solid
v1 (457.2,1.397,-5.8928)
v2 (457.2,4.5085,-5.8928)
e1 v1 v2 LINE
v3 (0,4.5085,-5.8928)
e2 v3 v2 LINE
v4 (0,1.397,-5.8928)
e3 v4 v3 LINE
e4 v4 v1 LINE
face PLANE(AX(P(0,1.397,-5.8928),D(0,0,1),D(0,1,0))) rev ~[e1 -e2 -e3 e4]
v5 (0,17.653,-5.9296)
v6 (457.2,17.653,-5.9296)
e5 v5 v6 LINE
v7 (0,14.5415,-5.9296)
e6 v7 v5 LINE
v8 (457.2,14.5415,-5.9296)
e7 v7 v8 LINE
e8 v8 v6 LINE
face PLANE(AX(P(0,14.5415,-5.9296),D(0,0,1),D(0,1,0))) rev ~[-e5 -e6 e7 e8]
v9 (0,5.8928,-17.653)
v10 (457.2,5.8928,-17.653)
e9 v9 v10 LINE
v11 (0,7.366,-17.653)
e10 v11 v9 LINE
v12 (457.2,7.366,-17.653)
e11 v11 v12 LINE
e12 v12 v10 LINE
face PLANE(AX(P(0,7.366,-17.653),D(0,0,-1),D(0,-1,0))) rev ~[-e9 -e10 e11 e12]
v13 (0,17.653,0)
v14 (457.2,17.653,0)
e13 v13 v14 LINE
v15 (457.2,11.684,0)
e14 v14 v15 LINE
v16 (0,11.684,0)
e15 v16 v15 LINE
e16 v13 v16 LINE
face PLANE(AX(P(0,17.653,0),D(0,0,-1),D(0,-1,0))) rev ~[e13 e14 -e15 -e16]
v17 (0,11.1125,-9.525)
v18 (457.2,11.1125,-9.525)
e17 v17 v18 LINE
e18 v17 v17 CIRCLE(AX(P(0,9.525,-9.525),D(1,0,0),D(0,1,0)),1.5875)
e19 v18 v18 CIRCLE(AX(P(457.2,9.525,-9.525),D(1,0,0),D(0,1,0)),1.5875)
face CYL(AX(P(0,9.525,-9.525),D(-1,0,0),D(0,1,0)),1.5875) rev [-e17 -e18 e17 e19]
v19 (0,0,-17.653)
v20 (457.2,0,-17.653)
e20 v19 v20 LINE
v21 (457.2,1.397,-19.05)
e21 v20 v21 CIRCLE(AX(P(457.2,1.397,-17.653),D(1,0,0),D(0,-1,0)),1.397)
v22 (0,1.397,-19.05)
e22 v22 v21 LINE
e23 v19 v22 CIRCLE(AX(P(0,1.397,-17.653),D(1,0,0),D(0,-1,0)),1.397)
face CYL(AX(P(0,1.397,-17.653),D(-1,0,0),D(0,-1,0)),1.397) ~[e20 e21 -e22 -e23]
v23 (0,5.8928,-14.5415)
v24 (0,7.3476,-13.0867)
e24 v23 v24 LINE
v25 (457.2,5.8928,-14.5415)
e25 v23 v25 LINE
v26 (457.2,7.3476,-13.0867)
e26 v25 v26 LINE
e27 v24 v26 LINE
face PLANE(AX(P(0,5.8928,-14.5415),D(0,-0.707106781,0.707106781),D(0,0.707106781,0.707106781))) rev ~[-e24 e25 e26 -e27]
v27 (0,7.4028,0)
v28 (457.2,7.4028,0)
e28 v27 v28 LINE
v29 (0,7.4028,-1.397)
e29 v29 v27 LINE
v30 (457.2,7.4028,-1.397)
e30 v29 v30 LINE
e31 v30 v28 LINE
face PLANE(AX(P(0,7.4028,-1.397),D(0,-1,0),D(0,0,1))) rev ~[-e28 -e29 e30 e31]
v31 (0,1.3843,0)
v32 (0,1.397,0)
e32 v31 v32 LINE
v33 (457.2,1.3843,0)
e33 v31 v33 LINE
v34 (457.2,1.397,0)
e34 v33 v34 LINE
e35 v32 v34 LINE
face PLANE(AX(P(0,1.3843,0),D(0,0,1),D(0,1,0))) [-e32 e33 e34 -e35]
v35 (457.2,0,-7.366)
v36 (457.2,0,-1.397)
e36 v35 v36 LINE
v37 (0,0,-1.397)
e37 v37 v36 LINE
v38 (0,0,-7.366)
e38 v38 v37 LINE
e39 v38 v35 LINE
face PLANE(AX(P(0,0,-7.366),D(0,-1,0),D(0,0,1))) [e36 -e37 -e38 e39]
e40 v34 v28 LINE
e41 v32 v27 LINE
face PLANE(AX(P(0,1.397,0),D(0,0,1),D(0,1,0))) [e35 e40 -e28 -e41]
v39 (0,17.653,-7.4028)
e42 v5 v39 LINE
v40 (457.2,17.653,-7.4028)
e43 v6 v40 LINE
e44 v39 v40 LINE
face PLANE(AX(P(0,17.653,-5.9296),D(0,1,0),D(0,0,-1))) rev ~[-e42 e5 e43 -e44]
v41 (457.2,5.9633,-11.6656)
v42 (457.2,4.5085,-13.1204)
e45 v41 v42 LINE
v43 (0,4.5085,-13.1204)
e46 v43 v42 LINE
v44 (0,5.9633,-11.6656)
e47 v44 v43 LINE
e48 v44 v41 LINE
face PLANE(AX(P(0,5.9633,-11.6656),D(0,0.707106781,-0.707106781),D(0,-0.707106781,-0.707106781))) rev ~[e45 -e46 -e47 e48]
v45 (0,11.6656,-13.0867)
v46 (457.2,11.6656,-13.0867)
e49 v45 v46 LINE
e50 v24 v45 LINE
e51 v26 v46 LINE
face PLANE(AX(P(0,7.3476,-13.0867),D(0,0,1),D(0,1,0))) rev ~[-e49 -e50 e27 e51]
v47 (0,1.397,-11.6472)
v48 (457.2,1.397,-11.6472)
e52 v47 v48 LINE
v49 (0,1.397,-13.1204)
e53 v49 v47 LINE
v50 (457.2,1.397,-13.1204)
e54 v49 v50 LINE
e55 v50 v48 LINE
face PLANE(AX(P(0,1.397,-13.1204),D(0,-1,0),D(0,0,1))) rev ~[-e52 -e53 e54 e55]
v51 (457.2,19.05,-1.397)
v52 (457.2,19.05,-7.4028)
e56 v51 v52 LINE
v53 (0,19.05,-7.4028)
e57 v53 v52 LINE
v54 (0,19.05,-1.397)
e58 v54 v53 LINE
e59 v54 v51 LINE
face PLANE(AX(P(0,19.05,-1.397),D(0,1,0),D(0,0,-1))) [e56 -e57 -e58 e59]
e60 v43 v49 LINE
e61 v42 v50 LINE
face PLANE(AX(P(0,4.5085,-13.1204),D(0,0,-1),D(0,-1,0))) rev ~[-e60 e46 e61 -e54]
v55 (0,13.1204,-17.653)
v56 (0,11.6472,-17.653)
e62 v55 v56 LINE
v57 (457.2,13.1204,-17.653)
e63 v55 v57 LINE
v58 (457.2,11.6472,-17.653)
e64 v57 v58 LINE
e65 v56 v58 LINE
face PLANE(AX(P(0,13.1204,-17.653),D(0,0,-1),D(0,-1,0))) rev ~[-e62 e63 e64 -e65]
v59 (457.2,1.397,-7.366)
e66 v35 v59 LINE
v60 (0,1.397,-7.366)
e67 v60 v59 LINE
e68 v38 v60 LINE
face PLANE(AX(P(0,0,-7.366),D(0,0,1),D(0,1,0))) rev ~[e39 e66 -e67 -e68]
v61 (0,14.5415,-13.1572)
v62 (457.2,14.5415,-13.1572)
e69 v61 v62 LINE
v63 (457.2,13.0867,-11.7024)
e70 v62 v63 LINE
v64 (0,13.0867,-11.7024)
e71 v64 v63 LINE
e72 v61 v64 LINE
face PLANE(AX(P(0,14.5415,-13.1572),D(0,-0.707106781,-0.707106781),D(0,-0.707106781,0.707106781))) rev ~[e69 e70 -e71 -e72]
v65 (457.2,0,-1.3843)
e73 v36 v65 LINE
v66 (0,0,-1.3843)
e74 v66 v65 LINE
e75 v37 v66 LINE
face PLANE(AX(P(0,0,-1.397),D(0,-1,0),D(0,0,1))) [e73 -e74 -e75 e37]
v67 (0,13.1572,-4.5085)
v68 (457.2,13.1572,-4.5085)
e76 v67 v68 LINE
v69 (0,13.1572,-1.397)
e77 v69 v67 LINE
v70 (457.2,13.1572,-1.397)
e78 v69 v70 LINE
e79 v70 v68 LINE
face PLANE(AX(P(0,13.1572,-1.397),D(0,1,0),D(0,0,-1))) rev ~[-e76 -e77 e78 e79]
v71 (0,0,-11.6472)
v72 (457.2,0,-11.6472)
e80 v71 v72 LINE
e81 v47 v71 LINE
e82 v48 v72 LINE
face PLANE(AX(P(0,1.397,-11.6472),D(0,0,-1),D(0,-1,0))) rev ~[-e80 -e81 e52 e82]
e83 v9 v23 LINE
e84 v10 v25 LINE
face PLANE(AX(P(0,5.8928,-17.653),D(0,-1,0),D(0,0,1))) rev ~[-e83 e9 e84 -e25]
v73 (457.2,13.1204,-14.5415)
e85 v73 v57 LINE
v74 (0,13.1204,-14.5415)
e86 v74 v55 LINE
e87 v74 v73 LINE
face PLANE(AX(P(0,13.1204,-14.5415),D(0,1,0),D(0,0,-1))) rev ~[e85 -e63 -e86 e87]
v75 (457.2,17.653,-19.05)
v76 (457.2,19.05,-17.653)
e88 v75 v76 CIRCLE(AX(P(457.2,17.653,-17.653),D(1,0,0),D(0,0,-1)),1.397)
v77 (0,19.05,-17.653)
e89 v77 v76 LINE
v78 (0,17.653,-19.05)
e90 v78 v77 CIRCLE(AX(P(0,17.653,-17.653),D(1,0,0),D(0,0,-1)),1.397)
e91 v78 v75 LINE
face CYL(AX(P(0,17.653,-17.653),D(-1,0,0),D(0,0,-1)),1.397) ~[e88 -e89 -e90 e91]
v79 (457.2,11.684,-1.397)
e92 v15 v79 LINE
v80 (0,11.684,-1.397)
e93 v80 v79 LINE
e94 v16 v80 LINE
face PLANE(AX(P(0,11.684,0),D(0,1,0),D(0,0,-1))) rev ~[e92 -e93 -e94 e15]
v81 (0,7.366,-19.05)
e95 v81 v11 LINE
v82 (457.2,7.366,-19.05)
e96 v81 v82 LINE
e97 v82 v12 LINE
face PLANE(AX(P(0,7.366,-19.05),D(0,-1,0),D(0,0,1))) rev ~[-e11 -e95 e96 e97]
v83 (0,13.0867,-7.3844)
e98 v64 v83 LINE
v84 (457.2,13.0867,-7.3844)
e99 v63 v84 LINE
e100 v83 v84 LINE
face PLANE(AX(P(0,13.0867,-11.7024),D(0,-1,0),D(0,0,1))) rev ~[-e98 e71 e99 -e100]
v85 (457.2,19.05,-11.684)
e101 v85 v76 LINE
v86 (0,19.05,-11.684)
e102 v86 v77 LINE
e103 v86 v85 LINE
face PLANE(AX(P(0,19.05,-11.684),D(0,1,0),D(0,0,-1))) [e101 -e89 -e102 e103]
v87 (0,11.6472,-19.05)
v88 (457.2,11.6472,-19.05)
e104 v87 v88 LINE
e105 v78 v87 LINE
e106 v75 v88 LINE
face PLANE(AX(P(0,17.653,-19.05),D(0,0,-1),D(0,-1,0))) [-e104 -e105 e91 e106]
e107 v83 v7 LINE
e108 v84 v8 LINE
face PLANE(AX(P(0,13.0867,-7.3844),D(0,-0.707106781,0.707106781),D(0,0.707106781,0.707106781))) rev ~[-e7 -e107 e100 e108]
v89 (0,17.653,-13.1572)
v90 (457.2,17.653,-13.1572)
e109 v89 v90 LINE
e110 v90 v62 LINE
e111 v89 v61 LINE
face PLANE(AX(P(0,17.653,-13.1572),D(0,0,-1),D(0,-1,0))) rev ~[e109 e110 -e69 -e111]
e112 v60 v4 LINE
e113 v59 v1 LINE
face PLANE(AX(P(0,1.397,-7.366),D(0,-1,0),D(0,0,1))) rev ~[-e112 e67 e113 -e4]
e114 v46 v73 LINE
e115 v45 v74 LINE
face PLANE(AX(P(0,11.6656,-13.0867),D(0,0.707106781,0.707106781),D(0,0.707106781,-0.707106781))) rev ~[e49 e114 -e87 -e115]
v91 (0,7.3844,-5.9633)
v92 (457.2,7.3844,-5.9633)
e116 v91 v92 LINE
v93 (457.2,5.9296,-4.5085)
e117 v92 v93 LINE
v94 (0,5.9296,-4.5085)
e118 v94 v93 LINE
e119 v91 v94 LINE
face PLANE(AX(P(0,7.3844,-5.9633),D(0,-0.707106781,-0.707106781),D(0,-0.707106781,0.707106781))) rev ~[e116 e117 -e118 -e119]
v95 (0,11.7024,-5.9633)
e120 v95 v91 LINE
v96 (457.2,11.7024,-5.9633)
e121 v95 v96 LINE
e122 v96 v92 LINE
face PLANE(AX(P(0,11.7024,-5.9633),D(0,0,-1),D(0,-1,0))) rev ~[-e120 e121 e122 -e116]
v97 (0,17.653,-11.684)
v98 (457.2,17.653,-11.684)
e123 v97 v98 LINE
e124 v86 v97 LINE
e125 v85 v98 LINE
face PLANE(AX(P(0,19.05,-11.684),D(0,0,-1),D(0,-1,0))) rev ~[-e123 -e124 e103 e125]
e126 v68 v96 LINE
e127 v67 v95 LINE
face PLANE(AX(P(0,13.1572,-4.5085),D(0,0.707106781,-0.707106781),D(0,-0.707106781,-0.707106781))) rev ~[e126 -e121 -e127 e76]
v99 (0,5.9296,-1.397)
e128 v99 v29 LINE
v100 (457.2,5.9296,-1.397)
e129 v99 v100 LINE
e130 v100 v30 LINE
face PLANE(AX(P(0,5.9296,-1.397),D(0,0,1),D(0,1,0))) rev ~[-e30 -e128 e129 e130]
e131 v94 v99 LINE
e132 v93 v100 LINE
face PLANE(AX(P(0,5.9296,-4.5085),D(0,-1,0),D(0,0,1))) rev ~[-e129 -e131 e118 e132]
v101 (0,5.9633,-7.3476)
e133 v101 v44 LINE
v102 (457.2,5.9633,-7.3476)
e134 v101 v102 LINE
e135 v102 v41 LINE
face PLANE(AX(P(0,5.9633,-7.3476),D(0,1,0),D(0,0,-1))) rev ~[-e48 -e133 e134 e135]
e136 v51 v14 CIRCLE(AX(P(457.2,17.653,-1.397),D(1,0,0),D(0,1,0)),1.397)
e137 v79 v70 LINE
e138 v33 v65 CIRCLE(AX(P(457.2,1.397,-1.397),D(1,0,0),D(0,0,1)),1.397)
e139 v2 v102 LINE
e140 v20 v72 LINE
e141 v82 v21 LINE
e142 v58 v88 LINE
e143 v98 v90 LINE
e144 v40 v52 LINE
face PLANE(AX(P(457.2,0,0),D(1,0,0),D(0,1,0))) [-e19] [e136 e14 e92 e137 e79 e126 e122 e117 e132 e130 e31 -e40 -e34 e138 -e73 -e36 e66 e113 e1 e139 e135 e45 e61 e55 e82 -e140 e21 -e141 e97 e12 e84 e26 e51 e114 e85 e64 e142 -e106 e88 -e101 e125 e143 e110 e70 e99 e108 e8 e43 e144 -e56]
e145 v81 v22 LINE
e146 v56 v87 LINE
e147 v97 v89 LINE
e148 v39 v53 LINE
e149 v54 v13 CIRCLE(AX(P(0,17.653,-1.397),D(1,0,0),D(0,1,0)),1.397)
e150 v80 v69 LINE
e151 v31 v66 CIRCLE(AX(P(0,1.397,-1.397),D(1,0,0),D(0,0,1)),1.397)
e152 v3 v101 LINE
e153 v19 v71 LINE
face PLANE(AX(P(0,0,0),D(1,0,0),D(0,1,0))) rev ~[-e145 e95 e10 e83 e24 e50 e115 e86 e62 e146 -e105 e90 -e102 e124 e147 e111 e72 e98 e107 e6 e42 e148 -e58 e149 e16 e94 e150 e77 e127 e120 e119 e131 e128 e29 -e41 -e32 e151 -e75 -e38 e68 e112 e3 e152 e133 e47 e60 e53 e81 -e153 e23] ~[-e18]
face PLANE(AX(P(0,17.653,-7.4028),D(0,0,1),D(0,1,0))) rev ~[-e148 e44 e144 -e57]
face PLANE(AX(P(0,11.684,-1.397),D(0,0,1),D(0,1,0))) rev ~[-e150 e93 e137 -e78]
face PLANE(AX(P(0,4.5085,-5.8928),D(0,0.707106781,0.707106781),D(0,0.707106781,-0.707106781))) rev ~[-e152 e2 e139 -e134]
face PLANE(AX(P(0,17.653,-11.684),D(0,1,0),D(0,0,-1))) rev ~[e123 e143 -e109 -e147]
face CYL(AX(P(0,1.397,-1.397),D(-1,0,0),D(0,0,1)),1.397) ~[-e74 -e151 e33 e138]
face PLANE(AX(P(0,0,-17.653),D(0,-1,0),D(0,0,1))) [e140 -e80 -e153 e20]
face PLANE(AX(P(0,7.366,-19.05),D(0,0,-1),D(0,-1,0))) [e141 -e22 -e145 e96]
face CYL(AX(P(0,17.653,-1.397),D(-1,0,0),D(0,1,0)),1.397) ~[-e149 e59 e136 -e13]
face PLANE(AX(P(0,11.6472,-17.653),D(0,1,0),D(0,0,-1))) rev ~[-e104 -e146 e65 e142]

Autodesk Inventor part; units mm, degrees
ref_plane "YZ Plane" through (0, 0, 0) normal (1, 0, 0) x (0, 1, 0)
ref_plane "XZ Plane" through (0, 0, 0) normal (0, 1, 0) x (-1, 0, 0)
ref_plane "XY Plane" through (0, 0, 0) normal (0, 0, 1) x (1, 0, 0)
sketch "Sketch2" plane through (0, 0, 0) normal (1, 0, 0) x (0, 1, 0)
  line L0 (1.3843, 0) -> (1.397, 0)
  line L1 (17.653, 0) -> (11.684, 0)
  line L2 (11.684, 0) -> (11.684, -1.397)
  line L3 (11.684, -1.397) -> (13.1572, -1.397)
  line L4 (13.1572, -1.397) -> (13.1572, -4.5085)
  line L5 (13.1572, -4.5085) -> (11.7024, -5.9633)
  line L6 (11.7024, -5.9633) -> (7.3844, -5.9633)
  line L7 (7.3844, -5.9633) -> (5.9296, -4.5085)
  line L8 (5.9296, -4.5085) -> (5.9296, -1.397)
  line L9 (5.9296, -1.397) -> (7.4028, -1.397)
  line L10 (7.4028, -1.397) -> (7.4028, 0)
  line L11 (1.397, 0) -> (7.4028, 0)
  line L12 (11.684, 0) -> (19.05, 0)
  line L13 (5.9633, -7.3476) -> (5.9633, -11.6656)
  line L14 (4.5085, -5.8928) -> (5.9633, -7.3476)
  line L15 (5.9633, -11.6656) -> (4.5085, -13.1204)
  line L16 (1.397, -13.1204) -> (1.397, -11.6472)
  line L17 (4.5085, -13.1204) -> (1.397, -13.1204)
  line L18 (1.397, -11.6472) -> (0, -11.6472)
  line L19 (1.397, -5.8928) -> (4.5085, -5.8928)
  line L20 (0, -7.366) -> (1.397, -7.366)
  line L21 (1.397, -7.366) -> (1.397, -5.8928)
  line L22 (7.3476, -13.0867) -> (11.6656, -13.0867)
  line L23 (5.8928, -14.5415) -> (7.3476, -13.0867)
  line L24 (11.6656, -13.0867) -> (13.1204, -14.5415)
  line L25 (13.1204, -17.653) -> (11.6472, -17.653)
  line L26 (13.1204, -14.5415) -> (13.1204, -17.653)
  line L27 (11.6472, -17.653) -> (11.6472, -19.05)
  line L28 (5.8928, -17.653) -> (5.8928, -14.5415)
  line L29 (7.366, -19.05) -> (7.366, -17.653)
  line L30 (7.366, -17.653) -> (5.8928, -17.653)
  line L31 (13.0867, -11.7024) -> (13.0867, -7.3844)
  line L32 (14.5415, -13.1572) -> (13.0867, -11.7024)
  line L33 (13.0867, -7.3844) -> (14.5415, -5.9296)
  line L34 (17.653, -5.9296) -> (17.653, -7.4028)
  line L35 (14.5415, -5.9296) -> (17.653, -5.9296)
  line L36 (17.653, -7.4028) -> (19.05, -7.4028)
  line L37 (17.653, -13.1572) -> (14.5415, -13.1572)
  line L38 (19.05, -11.684) -> (17.653, -11.684)
  line L39 (17.653, -11.684) -> (17.653, -13.1572)
  line L40 (1.3843, 0) -> (1.397, 0)
  line L41 (19.05, -1.397) -> (19.05, -7.4028)
  line L42 (19.05, -11.684) -> (19.05, -17.653)
  line L43 (17.653, -19.05) -> (11.6472, -19.05)
  line L44 (7.366, -19.05) -> (1.397, -19.05)
  line L45 (0, -17.653) -> (0, -11.6472)
  line L46 (0, -7.366) -> (0, -1.397)
  line L47 (0, -7.366) -> (0, -1.397)
  circle A0 centre (9.525, -9.525) radius 1.5875
  line L48 (1.3843, 0) -> (1.397, 0)
  line L49 (0, -1.397) -> (0, -1.3843)
  arc A1 (1.397, 0) -> (0, -1.397) centre (1.397, -1.397) ccw
  arc A2 (0, -17.653) -> (1.397, -19.05) centre (1.397, -17.653) ccw
  arc A3 (17.653, -19.05) -> (19.05, -17.653) centre (17.653, -17.653) ccw
  arc A4 (19.05, -1.397) -> (17.653, 0) centre (17.653, -1.397) ccw
  point P0 (0, 0)
  dimension "d34" = 7.366
  dimension "d35" = 1.397
  dimension "d37" = 1.4732
  dimension "d38" = 3.1115
  dimension "d39" = 2.0574
  dimension "d40" = 135
  dimension "d41" = 4.318
  dimension "d42" = 2.0574
  dimension "d43" = 1.4732
  dimension "d46" = 1.397
  dimension "d49" = 360
  dimension "d56" = 19.05
  dimension "d58" = 3.175
  dimension "d61" = 1.397
  dimension "d62" = 1.397
  dimension "d63" = 1.397
  dimension "d64" = 1.397
  dimension "d67" = 360
  dimension "d71" = 3.1115
extrude "Extrusion1" add sketch "Sketch2" along normal blind 457.2
properties part number "Extrusion"
